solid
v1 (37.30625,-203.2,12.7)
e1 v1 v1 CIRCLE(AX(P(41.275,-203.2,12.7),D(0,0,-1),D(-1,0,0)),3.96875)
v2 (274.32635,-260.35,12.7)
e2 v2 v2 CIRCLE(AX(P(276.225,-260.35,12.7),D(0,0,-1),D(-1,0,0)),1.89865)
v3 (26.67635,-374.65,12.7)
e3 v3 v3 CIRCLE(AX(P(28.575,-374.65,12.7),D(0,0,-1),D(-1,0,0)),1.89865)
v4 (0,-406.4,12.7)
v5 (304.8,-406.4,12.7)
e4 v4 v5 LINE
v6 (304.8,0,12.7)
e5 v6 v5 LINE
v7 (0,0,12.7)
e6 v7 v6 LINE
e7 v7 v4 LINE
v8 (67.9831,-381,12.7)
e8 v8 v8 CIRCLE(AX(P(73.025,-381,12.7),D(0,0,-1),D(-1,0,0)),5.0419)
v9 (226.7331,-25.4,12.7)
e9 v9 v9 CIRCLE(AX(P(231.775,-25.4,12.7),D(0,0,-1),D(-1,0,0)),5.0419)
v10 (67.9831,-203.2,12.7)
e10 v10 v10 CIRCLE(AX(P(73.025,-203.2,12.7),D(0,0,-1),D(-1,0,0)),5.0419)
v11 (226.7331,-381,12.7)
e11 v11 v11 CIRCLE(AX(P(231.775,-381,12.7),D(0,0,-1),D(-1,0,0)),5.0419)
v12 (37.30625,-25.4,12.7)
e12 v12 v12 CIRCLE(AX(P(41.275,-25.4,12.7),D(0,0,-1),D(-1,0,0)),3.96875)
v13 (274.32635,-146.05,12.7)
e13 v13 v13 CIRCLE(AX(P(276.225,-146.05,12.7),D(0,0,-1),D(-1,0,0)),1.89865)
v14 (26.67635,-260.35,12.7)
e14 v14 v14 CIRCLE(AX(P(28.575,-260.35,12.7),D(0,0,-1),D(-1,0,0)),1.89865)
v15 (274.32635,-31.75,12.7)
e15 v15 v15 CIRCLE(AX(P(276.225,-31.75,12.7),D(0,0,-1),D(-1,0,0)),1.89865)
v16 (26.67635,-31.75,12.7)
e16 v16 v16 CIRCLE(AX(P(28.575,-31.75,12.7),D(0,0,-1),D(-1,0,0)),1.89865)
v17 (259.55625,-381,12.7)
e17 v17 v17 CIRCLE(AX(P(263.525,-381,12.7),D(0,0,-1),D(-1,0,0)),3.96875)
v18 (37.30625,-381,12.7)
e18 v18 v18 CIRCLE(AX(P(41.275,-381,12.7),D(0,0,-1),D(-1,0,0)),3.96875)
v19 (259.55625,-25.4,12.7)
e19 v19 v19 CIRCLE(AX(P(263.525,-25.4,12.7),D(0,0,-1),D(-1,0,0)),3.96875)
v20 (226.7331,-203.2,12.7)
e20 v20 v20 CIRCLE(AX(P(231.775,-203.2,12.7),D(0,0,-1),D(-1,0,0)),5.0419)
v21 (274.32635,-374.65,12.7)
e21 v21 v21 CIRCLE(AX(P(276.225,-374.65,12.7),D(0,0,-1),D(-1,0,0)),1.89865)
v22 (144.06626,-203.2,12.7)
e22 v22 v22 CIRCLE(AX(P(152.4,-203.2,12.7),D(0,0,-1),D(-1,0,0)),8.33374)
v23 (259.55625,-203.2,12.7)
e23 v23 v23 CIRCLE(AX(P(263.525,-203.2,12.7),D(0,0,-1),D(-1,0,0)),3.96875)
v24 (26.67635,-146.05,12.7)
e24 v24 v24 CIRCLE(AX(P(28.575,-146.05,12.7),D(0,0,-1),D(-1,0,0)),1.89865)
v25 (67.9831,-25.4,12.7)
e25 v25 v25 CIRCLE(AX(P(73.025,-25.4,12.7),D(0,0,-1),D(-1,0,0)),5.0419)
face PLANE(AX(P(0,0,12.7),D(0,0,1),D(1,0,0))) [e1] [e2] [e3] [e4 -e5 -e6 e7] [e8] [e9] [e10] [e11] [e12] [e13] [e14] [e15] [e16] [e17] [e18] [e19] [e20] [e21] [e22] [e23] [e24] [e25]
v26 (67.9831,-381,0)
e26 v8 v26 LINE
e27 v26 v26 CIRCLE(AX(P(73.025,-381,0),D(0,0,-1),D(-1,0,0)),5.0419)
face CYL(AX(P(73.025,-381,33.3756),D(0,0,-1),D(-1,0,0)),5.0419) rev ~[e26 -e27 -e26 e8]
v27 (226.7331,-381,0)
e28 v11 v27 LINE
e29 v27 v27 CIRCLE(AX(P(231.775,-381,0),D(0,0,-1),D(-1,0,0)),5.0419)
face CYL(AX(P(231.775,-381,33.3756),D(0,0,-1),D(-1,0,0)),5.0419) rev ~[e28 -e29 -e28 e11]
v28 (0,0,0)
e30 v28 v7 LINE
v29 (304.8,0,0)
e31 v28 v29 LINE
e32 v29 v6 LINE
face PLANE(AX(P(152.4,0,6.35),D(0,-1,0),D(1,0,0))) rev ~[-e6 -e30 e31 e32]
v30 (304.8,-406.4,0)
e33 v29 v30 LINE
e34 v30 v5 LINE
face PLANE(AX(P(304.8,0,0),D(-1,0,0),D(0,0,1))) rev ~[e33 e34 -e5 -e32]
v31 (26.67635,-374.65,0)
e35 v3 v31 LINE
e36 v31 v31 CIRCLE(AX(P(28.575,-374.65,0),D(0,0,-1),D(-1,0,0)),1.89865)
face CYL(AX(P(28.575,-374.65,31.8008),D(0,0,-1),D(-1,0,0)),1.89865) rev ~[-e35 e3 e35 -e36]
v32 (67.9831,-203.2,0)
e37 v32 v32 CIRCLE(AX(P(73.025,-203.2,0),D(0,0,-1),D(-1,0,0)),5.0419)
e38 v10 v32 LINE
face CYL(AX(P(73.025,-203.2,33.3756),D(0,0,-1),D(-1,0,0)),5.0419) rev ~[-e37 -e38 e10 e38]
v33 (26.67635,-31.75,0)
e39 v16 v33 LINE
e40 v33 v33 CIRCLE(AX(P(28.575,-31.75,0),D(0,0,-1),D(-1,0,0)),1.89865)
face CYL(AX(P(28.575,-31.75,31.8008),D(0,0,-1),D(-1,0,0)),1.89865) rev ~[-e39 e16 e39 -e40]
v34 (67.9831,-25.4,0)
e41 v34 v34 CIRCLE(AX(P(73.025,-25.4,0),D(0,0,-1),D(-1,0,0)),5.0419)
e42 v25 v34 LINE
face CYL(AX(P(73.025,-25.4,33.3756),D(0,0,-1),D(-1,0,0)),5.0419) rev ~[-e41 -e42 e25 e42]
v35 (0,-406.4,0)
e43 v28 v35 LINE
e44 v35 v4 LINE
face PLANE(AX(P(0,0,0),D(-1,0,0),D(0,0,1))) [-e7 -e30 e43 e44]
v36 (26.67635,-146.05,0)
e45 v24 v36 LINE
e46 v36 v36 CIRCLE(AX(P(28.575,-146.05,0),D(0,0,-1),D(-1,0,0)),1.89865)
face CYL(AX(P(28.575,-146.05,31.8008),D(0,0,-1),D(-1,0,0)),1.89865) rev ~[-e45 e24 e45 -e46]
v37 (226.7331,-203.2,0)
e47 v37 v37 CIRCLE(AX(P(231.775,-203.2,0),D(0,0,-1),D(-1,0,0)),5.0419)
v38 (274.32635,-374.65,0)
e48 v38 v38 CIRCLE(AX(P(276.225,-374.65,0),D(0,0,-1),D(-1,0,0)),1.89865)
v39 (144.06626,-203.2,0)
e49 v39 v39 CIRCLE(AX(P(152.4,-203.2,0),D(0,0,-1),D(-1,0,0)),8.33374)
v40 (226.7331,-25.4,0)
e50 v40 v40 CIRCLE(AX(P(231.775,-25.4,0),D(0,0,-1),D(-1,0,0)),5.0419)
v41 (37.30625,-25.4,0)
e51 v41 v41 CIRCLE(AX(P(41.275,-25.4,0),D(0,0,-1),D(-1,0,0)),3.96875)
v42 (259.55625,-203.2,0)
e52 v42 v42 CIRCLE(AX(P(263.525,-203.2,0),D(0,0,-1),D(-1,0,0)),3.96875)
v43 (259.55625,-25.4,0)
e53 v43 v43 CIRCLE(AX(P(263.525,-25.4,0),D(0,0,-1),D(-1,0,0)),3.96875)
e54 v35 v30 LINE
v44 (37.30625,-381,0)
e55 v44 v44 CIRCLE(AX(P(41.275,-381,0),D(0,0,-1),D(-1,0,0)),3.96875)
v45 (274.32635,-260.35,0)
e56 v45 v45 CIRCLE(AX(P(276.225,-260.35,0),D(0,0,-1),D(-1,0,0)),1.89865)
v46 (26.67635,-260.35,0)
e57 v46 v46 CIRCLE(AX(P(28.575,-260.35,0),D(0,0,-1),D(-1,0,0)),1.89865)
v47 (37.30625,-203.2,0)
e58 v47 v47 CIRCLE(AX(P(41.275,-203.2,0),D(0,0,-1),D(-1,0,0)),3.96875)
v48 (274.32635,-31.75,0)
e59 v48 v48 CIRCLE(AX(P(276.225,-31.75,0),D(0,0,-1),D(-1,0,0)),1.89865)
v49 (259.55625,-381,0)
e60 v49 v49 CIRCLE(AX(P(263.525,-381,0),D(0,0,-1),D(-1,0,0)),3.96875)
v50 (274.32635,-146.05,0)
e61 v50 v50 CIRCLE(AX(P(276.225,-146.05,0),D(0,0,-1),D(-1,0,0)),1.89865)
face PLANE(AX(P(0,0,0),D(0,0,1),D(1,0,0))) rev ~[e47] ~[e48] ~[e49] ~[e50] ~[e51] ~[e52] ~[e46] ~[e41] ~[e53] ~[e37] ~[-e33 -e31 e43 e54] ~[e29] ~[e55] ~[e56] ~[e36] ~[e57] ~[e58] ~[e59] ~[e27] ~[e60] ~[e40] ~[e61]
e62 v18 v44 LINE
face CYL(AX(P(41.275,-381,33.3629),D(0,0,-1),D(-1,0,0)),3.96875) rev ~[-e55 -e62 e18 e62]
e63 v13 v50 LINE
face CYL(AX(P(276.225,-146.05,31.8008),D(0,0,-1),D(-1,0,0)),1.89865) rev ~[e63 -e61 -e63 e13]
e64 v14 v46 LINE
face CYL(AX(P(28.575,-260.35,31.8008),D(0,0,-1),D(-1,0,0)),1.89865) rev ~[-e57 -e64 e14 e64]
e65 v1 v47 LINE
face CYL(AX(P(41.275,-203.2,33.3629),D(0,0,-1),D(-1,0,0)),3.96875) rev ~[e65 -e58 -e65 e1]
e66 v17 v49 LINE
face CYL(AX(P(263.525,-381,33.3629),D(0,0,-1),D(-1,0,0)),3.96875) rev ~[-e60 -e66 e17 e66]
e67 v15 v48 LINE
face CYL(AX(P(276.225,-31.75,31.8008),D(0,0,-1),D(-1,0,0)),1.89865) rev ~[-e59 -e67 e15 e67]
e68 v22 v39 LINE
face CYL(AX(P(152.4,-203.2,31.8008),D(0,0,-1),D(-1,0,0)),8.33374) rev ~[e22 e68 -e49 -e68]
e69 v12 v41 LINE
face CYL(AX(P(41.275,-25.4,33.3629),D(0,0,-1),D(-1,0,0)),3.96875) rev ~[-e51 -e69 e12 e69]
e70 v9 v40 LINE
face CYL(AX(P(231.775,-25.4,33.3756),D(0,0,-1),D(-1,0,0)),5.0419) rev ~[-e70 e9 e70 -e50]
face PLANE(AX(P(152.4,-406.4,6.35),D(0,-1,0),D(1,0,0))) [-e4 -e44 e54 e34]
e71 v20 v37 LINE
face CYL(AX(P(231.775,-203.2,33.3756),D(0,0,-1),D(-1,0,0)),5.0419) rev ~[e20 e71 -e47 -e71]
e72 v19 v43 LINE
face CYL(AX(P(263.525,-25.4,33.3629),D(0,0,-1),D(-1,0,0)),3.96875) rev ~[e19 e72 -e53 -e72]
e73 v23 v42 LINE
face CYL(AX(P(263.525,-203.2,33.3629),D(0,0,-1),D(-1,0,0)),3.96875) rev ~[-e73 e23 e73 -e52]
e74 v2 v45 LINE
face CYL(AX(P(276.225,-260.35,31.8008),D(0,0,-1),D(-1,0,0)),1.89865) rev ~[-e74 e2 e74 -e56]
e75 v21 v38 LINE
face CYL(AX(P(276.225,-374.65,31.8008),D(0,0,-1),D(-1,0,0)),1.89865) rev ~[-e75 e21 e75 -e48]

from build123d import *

# Parameters (mm, degrees)
F0_W     = 304.8
F0_H     = 12.7
F1_DEPTH = 406.4
F3_D     = 7.9375
F3_DEPTH = 20.6629
F3_TIP   = 2.3846655818
F4_D     = 10.0838
F4_DEPTH = 20.6756
F4_TIP   = 3.0294791551
F5_D     = 16.66748
F5_DEPTH = 19.1008
F5_TIP   = 5.0074161752
F7_D     = 3.7973
F7_DEPTH = 19.1008
F7_TIP   = 1.1408240143


with BuildPart() as f1:
    # F0 (on Front) → F1 (new body)
    with BuildSketch(Plane.XZ):
        with Locations((152.4, 6.35)):
            Rectangle(F0_W, F0_H)
    extrude(amount=F1_DEPTH)

    # F3
    with Locations(Plane.XY.offset(12.7)):
        with Locations((41.275, -381), (41.275, -203.2), (41.275, -25.4), (263.525, -25.4), (263.525, -203.2), (263.525, -381)):
            Hole(F3_D / 2, depth=F3_DEPTH)
            with Locations((0, 0, -(F3_DEPTH + F3_TIP / 2))):  # 118° drill point
                Cone(0, F3_D / 2, F3_TIP, mode=Mode.SUBTRACT)

    # F4
    with Locations(Plane.XY.offset(12.7)):
        with Locations((73.025, -381), (73.025, -203.2), (73.025, -25.4), (231.775, -381), (231.775, -203.2), (231.775, -25.4)):
            Hole(F4_D / 2, depth=F4_DEPTH)
            with Locations((0, 0, -(F4_DEPTH + F4_TIP / 2))):  # 118° drill point
                Cone(0, F4_D / 2, F4_TIP, mode=Mode.SUBTRACT)

    # F5
    with Locations(Plane.XY.offset(12.7)):
        with Locations((152.4, -203.2)):
            Hole(F5_D / 2, depth=F5_DEPTH)
            with Locations((0, 0, -(F5_DEPTH + F5_TIP / 2))):  # 118° drill point
                Cone(0, F5_D / 2, F5_TIP, mode=Mode.SUBTRACT)

    # F7
    with Locations(Plane.XY.offset(12.7)):
        with Locations((28.575, -31.75), (276.225, -31.75), (276.225, -146.05), (276.225, -260.35), (276.225, -374.65), (28.575, -374.65), (28.575, -260.35), (28.575, -146.05)):
            Hole(F7_D / 2, depth=F7_DEPTH)
            with Locations((0, 0, -(F7_DEPTH + F7_TIP / 2))):  # 118° drill point
                Cone(0, F7_D / 2, F7_TIP, mode=Mode.SUBTRACT)


solid = f1.part
